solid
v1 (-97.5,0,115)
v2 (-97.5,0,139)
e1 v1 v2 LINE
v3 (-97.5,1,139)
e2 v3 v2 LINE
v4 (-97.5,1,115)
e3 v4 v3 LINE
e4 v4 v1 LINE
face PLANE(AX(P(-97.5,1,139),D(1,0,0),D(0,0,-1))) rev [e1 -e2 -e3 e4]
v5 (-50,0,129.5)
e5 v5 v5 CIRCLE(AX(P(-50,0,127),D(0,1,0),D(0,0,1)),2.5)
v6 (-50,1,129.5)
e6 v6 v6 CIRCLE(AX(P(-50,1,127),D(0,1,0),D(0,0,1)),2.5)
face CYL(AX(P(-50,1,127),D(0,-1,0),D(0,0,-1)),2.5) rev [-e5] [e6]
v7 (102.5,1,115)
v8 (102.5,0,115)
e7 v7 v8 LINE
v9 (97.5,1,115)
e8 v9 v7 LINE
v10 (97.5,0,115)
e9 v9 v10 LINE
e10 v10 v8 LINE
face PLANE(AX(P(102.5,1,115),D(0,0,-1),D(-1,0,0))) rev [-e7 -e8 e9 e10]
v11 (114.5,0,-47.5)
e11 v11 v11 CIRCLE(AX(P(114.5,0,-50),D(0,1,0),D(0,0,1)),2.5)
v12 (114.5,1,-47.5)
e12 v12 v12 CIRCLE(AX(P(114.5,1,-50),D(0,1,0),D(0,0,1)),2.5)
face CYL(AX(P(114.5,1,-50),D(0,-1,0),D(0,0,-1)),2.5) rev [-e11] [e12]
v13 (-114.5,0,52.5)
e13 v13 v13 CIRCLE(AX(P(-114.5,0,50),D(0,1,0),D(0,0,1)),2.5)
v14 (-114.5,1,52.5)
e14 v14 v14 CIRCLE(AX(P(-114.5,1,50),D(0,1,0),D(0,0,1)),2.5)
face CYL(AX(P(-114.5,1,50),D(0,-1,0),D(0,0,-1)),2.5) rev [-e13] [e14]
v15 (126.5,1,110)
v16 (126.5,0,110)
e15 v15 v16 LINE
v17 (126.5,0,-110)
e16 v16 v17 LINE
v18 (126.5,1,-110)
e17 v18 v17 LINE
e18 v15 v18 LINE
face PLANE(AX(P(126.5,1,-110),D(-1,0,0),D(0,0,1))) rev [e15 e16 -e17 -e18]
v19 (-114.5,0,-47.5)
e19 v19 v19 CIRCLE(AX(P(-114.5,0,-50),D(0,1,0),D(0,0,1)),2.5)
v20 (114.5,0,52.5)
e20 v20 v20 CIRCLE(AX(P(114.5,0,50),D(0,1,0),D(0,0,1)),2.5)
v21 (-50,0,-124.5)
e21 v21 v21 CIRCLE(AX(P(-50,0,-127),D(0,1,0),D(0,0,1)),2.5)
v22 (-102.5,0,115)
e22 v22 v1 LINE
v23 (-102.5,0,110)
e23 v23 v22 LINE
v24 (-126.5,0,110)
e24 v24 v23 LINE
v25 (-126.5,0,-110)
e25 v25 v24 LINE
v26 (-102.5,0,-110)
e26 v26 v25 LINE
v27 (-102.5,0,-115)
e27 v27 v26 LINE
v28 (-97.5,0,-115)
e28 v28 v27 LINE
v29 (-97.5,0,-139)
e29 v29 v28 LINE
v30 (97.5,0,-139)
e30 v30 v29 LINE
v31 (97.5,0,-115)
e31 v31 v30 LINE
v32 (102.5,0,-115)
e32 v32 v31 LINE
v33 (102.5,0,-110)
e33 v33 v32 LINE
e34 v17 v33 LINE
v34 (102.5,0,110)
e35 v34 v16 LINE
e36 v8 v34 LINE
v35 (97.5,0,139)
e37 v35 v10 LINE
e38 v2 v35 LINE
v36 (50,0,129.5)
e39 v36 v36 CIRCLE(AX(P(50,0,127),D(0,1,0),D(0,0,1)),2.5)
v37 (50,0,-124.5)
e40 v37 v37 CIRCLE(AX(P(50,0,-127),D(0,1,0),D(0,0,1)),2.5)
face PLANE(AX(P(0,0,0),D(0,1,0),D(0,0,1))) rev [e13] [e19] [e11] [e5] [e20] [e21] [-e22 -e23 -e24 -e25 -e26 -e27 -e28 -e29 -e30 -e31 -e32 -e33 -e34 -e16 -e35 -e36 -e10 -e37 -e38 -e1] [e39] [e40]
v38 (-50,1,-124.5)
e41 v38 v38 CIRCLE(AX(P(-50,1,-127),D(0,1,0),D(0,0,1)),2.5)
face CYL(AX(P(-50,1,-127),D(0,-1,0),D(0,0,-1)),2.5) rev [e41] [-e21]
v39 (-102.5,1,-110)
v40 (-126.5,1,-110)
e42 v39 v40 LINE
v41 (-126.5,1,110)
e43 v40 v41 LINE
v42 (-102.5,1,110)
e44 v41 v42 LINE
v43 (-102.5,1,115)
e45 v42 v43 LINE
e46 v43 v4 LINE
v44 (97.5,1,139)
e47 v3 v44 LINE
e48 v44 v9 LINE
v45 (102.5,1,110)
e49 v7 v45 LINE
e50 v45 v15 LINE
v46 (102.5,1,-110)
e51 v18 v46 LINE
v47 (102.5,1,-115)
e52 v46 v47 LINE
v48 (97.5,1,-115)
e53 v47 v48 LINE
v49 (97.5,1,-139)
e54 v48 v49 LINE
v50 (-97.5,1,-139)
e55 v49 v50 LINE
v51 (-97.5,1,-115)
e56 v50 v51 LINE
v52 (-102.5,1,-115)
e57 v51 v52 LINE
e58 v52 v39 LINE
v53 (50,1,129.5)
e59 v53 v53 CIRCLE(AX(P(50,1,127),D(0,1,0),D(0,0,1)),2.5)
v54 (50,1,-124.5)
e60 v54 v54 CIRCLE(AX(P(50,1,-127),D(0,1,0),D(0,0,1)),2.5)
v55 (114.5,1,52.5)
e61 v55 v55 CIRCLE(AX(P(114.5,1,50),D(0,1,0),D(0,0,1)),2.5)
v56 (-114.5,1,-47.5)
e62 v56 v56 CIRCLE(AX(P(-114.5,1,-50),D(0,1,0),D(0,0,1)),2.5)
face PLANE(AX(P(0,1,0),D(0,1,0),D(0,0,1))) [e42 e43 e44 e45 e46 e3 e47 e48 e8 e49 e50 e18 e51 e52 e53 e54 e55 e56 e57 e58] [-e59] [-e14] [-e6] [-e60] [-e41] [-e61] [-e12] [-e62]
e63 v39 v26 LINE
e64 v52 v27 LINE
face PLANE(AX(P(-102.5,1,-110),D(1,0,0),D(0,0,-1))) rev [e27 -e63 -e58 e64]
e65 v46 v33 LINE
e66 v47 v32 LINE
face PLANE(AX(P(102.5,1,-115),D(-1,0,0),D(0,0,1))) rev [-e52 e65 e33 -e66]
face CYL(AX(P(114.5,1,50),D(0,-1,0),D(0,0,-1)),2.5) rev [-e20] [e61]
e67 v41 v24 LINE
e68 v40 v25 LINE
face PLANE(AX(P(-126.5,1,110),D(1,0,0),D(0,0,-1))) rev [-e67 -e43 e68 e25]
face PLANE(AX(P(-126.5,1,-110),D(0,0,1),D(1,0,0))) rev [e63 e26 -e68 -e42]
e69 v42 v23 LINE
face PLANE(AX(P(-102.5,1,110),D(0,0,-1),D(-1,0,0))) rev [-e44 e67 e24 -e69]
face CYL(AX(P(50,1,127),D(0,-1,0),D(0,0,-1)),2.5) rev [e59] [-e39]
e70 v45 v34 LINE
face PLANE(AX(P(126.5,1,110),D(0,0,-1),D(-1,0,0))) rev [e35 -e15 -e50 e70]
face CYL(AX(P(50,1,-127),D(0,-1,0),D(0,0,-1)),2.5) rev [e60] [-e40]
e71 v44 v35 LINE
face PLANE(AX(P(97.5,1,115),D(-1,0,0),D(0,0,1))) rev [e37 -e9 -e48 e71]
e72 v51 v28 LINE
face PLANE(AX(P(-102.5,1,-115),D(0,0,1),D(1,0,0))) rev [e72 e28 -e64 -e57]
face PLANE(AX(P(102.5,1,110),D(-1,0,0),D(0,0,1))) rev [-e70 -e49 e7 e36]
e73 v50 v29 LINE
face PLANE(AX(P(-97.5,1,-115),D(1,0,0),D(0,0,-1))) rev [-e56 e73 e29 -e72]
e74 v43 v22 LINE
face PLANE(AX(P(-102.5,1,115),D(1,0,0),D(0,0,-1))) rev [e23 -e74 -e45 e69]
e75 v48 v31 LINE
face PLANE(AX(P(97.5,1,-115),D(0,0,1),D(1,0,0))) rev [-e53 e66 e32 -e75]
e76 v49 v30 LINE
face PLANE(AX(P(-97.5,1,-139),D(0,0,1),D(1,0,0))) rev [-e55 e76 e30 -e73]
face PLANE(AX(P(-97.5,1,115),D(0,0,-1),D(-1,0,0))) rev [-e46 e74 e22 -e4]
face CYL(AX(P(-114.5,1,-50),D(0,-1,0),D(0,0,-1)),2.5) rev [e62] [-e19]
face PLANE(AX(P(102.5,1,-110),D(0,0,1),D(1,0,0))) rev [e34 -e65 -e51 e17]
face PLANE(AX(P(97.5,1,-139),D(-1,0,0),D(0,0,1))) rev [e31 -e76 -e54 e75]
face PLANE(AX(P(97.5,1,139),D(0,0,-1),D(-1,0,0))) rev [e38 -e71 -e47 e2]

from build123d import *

# Parameters (mm, degrees)
SKETCH1_R           = 2.5
BOSS_EXTRUDE1_DEPTH = 1


with BuildPart() as part:
    # Sketch1 → Boss-Extrude1 (new body)
    with BuildSketch(Plane(origin=(0, 0, 0), x_dir=(1, 0, 0), z_dir=(0, 1, 0))):
        Polygon((-102.5, 115), (-97.5, 115), (-97.5, 139), (97.5, 139), (97.5, 115), (102.5, 115), (102.5, 110), (126.5, 110), (126.5, -110), (102.5, -110), (102.5, -115), (97.5, -115), (97.5, -139), (-97.5, -139), (-97.5, -115), (-102.5, -115), (-102.5, -110), (-126.5, -110), (-126.5, 110), (-102.5, 110), align=None)
        with Locations(Location((-114.5, -50, 0), (0, 0, 270))):
            Circle(SKETCH1_R, mode=Mode.SUBTRACT)
        with Locations(Location((-114.5, 50, 0), (0, 0, 270))):
            Circle(SKETCH1_R, mode=Mode.SUBTRACT)
        with Locations(Location((-50, 127, 0), (0, 0, 270))):
            Circle(SKETCH1_R, mode=Mode.SUBTRACT)
        with Locations(Location((50, 127, 0), (0, 0, 270))):
            Circle(SKETCH1_R, mode=Mode.SUBTRACT)
        with Locations(Location((114.5, 50, 0), (0, 0, 270))):
            Circle(SKETCH1_R, mode=Mode.SUBTRACT)
        with Locations(Location((114.5, -50, 0), (0, 0, 270))):
            Circle(SKETCH1_R, mode=Mode.SUBTRACT)
        with Locations(Location((50, -127, 0), (0, 0, 270))):
            Circle(SKETCH1_R, mode=Mode.SUBTRACT)
        with Locations(Location((-50, -127, 0), (0, 0, 270))):
            Circle(SKETCH1_R, mode=Mode.SUBTRACT)
    extrude(amount=BOSS_EXTRUDE1_DEPTH)


solid = part.part
